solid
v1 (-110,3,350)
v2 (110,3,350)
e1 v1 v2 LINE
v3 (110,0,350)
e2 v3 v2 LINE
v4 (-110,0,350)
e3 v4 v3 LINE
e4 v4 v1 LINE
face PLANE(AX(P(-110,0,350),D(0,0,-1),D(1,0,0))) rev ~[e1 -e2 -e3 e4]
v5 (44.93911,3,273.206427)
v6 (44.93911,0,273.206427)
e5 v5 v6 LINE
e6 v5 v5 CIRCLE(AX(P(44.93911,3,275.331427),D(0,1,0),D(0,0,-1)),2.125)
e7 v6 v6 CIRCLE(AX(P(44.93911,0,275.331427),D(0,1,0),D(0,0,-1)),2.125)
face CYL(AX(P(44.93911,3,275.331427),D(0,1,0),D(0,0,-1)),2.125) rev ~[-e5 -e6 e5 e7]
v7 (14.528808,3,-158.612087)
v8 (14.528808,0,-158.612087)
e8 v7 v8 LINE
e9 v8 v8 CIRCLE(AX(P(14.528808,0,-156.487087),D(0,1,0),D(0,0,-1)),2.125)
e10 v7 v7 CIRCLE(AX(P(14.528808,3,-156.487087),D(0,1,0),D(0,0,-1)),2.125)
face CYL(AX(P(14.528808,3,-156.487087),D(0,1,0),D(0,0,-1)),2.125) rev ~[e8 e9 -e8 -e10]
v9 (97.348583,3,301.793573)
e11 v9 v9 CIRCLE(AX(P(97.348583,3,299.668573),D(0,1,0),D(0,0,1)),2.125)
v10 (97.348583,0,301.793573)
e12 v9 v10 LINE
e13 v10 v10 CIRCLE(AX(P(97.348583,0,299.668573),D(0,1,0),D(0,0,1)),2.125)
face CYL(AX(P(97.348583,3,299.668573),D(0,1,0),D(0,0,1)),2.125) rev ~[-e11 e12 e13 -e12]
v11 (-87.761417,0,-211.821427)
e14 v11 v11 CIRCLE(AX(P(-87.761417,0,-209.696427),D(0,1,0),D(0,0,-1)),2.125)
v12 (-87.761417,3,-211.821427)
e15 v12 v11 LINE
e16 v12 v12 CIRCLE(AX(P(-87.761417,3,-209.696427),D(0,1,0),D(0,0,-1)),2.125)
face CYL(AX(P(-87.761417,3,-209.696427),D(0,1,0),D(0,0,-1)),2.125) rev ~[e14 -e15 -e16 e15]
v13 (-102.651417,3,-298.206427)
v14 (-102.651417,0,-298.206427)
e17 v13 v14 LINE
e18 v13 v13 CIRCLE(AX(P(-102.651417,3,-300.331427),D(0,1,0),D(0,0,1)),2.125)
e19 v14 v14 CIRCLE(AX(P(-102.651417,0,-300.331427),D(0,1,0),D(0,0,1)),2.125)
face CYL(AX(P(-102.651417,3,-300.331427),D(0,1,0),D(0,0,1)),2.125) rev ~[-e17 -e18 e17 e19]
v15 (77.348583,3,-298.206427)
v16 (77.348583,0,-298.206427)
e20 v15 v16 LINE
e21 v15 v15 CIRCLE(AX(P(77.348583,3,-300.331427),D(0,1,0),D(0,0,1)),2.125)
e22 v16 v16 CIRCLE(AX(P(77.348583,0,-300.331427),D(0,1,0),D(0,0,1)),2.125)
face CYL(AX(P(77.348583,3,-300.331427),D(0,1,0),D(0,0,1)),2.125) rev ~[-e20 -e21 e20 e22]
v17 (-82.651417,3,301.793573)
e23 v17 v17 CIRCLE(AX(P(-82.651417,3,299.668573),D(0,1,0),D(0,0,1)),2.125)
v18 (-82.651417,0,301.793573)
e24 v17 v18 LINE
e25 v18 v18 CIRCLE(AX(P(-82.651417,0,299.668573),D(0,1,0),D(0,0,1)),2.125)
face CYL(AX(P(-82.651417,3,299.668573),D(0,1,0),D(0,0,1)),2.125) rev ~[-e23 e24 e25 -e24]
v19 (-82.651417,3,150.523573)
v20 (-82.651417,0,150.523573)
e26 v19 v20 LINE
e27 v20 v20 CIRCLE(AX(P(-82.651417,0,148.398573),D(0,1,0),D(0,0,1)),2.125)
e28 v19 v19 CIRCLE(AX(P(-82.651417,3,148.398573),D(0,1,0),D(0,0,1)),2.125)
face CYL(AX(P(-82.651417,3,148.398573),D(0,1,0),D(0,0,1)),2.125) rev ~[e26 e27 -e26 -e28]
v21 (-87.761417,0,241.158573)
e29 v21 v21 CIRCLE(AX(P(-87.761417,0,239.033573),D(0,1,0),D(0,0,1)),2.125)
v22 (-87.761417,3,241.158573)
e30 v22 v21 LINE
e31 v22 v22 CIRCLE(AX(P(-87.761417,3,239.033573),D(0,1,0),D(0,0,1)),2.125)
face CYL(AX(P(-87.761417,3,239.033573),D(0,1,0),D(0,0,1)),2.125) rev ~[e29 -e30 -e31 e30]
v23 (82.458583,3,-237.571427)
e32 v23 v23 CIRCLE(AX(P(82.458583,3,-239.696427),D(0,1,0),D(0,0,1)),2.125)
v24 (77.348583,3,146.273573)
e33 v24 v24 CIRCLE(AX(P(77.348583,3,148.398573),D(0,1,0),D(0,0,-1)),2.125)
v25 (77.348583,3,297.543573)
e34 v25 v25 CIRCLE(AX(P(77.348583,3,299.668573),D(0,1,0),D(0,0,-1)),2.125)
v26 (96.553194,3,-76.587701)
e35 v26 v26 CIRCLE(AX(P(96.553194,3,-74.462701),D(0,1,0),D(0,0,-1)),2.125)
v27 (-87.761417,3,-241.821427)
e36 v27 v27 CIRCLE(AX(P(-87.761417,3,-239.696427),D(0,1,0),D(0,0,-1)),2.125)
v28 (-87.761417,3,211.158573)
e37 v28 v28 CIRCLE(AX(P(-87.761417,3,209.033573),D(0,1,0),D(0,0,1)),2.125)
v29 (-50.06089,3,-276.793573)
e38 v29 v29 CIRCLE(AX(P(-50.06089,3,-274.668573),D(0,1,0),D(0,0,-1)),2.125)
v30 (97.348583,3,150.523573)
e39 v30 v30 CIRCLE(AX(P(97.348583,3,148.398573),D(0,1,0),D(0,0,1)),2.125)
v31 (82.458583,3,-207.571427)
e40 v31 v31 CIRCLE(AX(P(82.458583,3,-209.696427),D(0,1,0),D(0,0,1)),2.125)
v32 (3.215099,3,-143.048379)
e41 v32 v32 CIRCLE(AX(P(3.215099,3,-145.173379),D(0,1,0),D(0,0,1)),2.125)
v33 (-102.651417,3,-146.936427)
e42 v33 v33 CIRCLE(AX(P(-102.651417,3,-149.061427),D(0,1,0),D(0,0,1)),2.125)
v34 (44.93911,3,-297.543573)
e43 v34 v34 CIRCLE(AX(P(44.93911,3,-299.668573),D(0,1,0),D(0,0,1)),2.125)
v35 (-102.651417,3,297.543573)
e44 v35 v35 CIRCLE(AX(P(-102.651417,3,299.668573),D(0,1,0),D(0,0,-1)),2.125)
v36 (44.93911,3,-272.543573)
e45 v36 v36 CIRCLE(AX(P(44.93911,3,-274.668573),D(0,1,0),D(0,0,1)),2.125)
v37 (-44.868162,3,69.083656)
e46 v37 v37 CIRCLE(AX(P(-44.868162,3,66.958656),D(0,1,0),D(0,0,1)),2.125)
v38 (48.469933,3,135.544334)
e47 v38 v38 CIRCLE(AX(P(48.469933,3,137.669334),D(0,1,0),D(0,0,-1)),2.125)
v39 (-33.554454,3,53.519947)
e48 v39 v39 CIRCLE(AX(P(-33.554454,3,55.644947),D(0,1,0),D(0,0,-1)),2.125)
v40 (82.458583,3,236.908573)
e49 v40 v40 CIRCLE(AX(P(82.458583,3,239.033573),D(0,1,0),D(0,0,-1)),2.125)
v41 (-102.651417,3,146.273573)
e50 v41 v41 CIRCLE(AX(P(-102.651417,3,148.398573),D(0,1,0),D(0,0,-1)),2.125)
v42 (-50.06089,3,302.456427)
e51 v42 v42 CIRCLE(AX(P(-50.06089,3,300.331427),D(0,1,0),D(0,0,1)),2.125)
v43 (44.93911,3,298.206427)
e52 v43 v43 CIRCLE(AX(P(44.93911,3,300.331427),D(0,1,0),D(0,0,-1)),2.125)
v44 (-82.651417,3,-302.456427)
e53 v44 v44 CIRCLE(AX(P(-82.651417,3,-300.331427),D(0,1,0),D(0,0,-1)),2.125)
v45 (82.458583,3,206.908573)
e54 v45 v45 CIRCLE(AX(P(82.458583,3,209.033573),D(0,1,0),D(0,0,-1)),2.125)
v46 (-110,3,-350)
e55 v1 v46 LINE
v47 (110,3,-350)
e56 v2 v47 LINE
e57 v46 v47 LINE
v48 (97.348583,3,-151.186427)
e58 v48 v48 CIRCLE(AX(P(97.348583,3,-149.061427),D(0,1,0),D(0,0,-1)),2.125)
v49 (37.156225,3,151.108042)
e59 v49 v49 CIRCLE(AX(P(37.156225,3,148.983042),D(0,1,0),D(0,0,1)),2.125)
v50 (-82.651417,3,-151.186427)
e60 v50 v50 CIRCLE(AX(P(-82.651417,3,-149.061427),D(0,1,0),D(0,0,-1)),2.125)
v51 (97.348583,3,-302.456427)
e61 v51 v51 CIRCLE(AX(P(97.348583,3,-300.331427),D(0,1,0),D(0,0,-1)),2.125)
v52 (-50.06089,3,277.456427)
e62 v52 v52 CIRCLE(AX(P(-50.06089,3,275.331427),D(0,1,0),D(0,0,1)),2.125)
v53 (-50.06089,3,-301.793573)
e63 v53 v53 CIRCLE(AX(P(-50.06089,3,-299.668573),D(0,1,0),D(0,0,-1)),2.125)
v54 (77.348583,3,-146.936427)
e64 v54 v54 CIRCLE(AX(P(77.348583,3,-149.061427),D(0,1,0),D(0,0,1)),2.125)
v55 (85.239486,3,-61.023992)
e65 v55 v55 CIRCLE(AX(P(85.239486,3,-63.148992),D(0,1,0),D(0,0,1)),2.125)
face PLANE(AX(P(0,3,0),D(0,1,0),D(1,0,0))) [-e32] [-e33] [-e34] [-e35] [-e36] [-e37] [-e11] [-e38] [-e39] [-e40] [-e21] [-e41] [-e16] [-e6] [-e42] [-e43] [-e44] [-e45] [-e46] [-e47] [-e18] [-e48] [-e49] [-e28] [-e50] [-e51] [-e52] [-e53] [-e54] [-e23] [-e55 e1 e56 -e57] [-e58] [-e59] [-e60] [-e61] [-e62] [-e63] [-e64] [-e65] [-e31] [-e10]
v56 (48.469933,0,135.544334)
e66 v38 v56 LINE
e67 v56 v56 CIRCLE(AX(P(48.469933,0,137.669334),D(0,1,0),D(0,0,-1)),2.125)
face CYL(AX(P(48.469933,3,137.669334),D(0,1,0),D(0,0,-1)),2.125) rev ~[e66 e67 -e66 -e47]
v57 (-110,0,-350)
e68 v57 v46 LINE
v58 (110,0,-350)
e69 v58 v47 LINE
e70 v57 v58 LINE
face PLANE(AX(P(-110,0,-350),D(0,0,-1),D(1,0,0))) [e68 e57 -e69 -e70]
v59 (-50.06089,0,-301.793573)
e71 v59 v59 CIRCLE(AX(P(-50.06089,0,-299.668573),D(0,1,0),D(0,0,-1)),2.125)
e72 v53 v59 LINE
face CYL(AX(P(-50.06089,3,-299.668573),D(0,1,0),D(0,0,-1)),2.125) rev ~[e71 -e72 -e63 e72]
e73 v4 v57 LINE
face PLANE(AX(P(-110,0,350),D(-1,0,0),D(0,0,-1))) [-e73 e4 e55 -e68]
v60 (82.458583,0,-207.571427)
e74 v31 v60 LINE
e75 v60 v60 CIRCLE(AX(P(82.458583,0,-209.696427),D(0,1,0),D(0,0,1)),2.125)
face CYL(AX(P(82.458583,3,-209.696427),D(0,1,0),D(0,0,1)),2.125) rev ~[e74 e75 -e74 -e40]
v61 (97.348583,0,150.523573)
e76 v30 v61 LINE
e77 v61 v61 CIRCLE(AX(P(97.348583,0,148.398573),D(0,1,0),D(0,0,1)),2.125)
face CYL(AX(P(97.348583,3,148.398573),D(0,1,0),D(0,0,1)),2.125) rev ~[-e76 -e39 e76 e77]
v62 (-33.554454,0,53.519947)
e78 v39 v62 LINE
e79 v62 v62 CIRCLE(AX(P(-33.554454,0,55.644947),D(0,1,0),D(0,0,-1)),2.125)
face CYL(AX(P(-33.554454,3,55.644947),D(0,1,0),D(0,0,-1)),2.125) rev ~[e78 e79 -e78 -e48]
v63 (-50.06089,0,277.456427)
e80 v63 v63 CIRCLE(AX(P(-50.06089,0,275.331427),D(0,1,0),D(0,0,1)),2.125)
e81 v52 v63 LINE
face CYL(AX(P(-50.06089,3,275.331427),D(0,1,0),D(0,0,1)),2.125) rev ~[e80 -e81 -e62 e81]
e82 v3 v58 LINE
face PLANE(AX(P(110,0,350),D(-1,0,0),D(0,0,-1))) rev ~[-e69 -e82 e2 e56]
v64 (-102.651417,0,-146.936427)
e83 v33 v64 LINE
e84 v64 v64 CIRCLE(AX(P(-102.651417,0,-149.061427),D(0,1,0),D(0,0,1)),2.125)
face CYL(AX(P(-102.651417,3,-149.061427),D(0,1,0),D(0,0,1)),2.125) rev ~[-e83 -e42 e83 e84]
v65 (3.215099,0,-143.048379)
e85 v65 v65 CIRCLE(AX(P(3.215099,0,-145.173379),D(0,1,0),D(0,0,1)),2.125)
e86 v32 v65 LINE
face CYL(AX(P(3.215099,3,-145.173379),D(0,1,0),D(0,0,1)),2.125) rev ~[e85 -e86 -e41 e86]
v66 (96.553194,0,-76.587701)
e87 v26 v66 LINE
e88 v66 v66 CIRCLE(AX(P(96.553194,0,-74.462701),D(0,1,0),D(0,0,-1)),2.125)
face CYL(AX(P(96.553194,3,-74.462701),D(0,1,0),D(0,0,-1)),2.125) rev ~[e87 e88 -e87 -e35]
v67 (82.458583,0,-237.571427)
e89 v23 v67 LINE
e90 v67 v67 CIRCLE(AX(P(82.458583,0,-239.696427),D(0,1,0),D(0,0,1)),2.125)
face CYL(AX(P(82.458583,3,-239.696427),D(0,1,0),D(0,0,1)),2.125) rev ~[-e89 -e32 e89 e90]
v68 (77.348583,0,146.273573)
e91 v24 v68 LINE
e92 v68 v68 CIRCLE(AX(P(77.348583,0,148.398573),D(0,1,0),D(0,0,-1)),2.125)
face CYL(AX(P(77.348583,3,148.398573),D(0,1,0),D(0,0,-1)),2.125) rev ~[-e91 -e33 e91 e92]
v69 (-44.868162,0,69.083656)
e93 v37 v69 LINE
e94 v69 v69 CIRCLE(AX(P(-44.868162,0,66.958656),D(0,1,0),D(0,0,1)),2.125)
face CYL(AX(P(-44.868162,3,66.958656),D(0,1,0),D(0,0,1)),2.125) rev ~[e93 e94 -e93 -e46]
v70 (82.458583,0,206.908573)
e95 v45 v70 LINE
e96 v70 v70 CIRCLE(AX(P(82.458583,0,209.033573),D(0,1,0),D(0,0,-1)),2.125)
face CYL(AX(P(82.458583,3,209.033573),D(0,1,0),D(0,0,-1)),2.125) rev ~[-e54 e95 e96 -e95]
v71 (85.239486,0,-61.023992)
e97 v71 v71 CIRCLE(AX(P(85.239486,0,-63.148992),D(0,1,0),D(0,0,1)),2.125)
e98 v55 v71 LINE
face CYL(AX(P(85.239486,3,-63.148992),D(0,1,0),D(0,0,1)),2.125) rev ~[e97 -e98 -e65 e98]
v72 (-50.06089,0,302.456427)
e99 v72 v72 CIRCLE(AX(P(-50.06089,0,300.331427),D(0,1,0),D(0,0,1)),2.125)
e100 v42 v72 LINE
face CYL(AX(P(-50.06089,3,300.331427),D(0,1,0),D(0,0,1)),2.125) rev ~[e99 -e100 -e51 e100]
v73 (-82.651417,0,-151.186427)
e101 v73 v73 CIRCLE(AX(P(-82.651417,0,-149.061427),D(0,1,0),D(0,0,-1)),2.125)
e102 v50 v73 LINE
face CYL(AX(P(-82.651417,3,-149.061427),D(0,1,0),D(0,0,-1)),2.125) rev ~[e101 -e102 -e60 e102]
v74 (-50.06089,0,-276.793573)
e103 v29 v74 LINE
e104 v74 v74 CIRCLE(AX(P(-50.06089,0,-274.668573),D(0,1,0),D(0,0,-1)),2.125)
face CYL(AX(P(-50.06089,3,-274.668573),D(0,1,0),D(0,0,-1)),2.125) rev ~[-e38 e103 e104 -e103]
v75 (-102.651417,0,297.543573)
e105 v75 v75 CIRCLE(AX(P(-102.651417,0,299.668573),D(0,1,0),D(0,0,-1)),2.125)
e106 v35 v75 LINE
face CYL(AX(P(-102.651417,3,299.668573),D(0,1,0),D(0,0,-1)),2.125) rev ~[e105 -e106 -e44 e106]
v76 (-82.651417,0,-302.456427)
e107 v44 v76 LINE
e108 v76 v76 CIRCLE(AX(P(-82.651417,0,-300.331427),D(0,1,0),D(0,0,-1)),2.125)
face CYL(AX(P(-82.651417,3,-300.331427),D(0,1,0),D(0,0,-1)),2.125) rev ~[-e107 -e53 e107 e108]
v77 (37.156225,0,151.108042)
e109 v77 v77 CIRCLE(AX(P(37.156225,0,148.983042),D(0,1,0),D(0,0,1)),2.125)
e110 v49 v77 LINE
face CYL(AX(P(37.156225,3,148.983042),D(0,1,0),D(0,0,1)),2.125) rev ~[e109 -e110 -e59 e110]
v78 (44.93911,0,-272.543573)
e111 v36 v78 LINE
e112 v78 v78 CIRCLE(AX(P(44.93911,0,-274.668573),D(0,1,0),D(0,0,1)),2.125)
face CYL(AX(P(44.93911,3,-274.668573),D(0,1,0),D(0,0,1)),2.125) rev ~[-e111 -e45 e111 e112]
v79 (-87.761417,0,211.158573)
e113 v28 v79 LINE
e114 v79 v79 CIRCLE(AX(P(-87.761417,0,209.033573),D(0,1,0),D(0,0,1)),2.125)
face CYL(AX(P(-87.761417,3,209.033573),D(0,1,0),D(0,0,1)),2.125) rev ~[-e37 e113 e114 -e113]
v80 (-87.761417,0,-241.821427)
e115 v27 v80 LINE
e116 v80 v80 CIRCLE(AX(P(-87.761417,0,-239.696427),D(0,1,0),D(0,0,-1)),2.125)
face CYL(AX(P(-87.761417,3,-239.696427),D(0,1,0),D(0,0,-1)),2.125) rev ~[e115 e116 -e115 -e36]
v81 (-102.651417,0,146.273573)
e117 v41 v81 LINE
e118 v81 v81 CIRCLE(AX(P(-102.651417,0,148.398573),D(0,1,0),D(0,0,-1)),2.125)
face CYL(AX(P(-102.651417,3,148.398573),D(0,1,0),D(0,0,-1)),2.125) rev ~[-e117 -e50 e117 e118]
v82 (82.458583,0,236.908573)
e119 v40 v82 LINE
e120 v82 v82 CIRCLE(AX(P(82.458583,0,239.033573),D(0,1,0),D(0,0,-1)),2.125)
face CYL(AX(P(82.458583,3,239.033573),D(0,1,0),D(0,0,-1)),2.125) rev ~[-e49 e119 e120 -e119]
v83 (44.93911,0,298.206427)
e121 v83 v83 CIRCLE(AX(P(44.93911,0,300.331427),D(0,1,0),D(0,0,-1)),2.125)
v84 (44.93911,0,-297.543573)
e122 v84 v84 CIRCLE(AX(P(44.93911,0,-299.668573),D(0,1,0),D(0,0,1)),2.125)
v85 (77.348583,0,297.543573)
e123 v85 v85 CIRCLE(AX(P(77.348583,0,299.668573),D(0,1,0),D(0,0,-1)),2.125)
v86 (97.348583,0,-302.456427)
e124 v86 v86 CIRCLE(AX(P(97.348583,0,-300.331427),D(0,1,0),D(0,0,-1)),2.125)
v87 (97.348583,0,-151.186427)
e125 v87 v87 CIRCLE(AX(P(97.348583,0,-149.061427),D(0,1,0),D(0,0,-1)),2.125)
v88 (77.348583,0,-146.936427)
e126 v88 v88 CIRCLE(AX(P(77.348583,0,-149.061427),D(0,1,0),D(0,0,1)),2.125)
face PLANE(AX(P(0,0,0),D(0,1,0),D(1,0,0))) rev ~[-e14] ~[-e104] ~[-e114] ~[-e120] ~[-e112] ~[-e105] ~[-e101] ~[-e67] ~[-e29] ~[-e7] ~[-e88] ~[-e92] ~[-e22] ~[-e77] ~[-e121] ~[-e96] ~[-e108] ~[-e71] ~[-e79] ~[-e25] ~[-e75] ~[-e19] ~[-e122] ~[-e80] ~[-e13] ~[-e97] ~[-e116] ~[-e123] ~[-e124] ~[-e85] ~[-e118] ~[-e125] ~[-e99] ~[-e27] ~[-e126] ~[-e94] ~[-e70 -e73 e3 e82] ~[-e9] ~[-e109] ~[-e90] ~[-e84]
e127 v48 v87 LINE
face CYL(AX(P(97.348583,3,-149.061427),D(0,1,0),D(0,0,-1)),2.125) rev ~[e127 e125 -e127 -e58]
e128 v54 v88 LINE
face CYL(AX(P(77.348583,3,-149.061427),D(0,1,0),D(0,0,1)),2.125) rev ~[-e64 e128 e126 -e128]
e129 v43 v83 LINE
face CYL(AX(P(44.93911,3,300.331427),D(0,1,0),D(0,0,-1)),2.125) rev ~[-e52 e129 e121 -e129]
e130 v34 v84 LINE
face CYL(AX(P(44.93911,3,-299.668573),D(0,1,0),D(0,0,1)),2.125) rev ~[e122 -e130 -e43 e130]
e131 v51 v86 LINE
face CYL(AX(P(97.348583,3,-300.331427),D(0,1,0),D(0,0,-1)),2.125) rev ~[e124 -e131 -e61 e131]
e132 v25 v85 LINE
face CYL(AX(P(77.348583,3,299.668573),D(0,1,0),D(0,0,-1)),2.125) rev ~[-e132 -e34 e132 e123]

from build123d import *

# Parameters (mm, degrees)
SKETCH1_W           = 220
SKETCH1_H           = 700
BOSS_EXTRUDE1_DEPTH = 3
SKETCH2_R           = 2.125
CUT_EXTRUDE1_DEPTH  = 3
SKETCH3_R           = 2.125
CUT_EXTRUDE2_DEPTH  = 3
SKETCH4_R           = 2.125
CUT_EXTRUDE3_DEPTH  = 3


with BuildPart() as part:
    # Sketch1 → Boss-Extrude1 (new body)
    with BuildSketch(Plane(origin=(0, 0, 0), x_dir=(1, 0, 0), z_dir=(0, 1, 0))):
        Rectangle(SKETCH1_W, SKETCH1_H)
    extrude(amount=BOSS_EXTRUDE1_DEPTH)

    # Sketch2 → Cut-Extrude1 (cut)
    with BuildSketch(Plane(origin=(0, 3, 0), x_dir=(1, 0, 0), z_dir=(0, 1, 0))):
        with Locations(Location((44.939110174, 299.668572927, 0), (0, 0, 270))):
            Circle(SKETCH2_R)
        with Locations(Location((44.939110174, 274.668572927, 0), (0, 0, 270))):
            Circle(SKETCH2_R)
        with Locations(Location((-50.060889826, 274.668572927, 0), (0, 0, 90))):
            Circle(SKETCH2_R)
        with Locations(Location((-50.060889826, 299.668572927, 0), (0, 0, 90))):
            Circle(SKETCH2_R)
        with Locations(Location((-50.060889826, -300.331427073, 0), (0, 0, 270))):
            Circle(SKETCH2_R)
        with Locations(Location((-50.060889826, -275.331427073, 0), (0, 0, 270))):
            Circle(SKETCH2_R)
        with Locations(Location((44.939110174, -275.331427073, 0), (0, 0, 90))):
            Circle(SKETCH2_R)
        with Locations(Location((44.939110174, -300.331427073, 0), (0, 0, 90))):
            Circle(SKETCH2_R)
    extrude(amount=-CUT_EXTRUDE1_DEPTH, mode=Mode.SUBTRACT)

    # Sketch3 → Cut-Extrude2 (cut)
    with BuildSketch(Plane(origin=(0, 3, 0), x_dir=(1, 0, 0), z_dir=(0, 1, 0))):
        with Locations(Location((77.348583417, 300.331427073, 0), (0, 0, 270))):
            Circle(SKETCH3_R)
        with Locations(Location((77.348583417, 149.061427073, 0), (0, 0, 270))):
            Circle(SKETCH3_R)
        with Locations(Location((82.458583417, 239.696427073, 0), (0, 0, 270))):
            Circle(SKETCH3_R)
        with Locations(Location((82.458583417, 209.696427073, 0), (0, 0, 270))):
            Circle(SKETCH3_R)
        with Locations(Location((97.348583417, 149.061427073, 0), (0, 0, 90))):
            Circle(SKETCH3_R)
        with Locations(Location((97.348583417, 300.331427073, 0), (0, 0, 90))):
            Circle(SKETCH3_R)
        with Locations(Location((-102.651416583, 300.331427073, 0), (0, 0, 270))):
            Circle(SKETCH3_R)
        with Locations(Location((-102.651416583, 149.061427073, 0), (0, 0, 270))):
            Circle(SKETCH3_R)
        with Locations(Location((-87.761416583, 209.696427073, 0), (0, 0, 90))):
            Circle(SKETCH3_R)
        with Locations(Location((-87.761416583, 239.696427073, 0), (0, 0, 90))):
            Circle(SKETCH3_R)
        with Locations(Location((-82.651416583, 149.061427073, 0), (0, 0, 90))):
            Circle(SKETCH3_R)
        with Locations(Location((-82.651416583, 300.331427073, 0), (0, 0, 90))):
            Circle(SKETCH3_R)
        with Locations(Location((-82.651416583, -299.668572927, 0), (0, 0, 270))):
            Circle(SKETCH3_R)
        with Locations(Location((-82.651416583, -148.398572927, 0), (0, 0, 270))):
            Circle(SKETCH3_R)
        with Locations(Location((-87.761416583, -239.033572927, 0), (0, 0, 270))):
            Circle(SKETCH3_R)
        with Locations(Location((-87.761416583, -209.033572927, 0), (0, 0, 270))):
            Circle(SKETCH3_R)
        with Locations(Location((-102.651416583, -148.398572927, 0), (0, 0, 90))):
            Circle(SKETCH3_R)
        with Locations(Location((-102.651416583, -299.668572927, 0), (0, 0, 90))):
            Circle(SKETCH3_R)
        with Locations(Location((97.348583417, -299.668572927, 0), (0, 0, 270))):
            Circle(SKETCH3_R)
        with Locations(Location((97.348583417, -148.398572927, 0), (0, 0, 270))):
            Circle(SKETCH3_R)
        with Locations(Location((82.458583417, -209.033572927, 0), (0, 0, 90))):
            Circle(SKETCH3_R)
        with Locations(Location((82.458583417, -239.033572927, 0), (0, 0, 90))):
            Circle(SKETCH3_R)
        with Locations(Location((77.348583417, -148.398572927, 0), (0, 0, 90))):
            Circle(SKETCH3_R)
        with Locations(Location((77.348583417, -299.668572927, 0), (0, 0, 90))):
            Circle(SKETCH3_R)
    extrude(amount=-CUT_EXTRUDE2_DEPTH, mode=Mode.SUBTRACT)

    # Sketch4 → Cut-Extrude3 (cut)
    with BuildSketch(Plane(origin=(0, 3, 0), x_dir=(1, 0, 0), z_dir=(0, 1, 0))):
        with Locations((119.180611127, -231.007428758)):
            Circle(SKETCH4_R)
        with Locations((-126.892548726, 15.065731095)):
            Circle(SKETCH4_R)
        with Locations(Location((37.156224509, -148.98304214, 0), (0, 0, 270))):
            Circle(SKETCH4_R)
        with Locations(Location((-44.868162109, -66.958655523, 0), (0, 0, 270))):
            Circle(SKETCH4_R)
        with Locations((130.494319626, -219.693720259)):
            Circle(SKETCH4_R)
        with Locations(Location((48.469933008, -137.669333641, 0), (0, 0, 90))):
            Circle(SKETCH4_R)
        with Locations(Location((-33.55445361, -55.644947024, 0), (0, 0, 90))):
            Circle(SKETCH4_R)
        with Locations((-115.578840227, 26.379439594)):
            Circle(SKETCH4_R)
        with Locations(Location((3.215099012, 145.173378833, 0), (0, 0, 270))):
            Circle(SKETCH4_R)
        with Locations(Location((85.23948563, 63.148992216, 0), (0, 0, 270))):
            Circle(SKETCH4_R)
        with Locations((167.263872247, -18.875394402)):
            Circle(SKETCH4_R)
        with Locations((249.288258865, -100.89978102)):
            Circle(SKETCH4_R)
        with Locations(Location((96.553194129, 74.462700715, 0), (0, 0, 90))):
            Circle(SKETCH4_R)
        with Locations((178.577580746, -7.561685903)):
            Circle(SKETCH4_R)
        with Locations(Location((14.528807511, 156.487087332, 0), (0, 0, 90))):
            Circle(SKETCH4_R)
        with Locations((260.601967364, -89.586072521)):
            Circle(SKETCH4_R)
    extrude(amount=-CUT_EXTRUDE3_DEPTH, mode=Mode.SUBTRACT)


solid = part.part
